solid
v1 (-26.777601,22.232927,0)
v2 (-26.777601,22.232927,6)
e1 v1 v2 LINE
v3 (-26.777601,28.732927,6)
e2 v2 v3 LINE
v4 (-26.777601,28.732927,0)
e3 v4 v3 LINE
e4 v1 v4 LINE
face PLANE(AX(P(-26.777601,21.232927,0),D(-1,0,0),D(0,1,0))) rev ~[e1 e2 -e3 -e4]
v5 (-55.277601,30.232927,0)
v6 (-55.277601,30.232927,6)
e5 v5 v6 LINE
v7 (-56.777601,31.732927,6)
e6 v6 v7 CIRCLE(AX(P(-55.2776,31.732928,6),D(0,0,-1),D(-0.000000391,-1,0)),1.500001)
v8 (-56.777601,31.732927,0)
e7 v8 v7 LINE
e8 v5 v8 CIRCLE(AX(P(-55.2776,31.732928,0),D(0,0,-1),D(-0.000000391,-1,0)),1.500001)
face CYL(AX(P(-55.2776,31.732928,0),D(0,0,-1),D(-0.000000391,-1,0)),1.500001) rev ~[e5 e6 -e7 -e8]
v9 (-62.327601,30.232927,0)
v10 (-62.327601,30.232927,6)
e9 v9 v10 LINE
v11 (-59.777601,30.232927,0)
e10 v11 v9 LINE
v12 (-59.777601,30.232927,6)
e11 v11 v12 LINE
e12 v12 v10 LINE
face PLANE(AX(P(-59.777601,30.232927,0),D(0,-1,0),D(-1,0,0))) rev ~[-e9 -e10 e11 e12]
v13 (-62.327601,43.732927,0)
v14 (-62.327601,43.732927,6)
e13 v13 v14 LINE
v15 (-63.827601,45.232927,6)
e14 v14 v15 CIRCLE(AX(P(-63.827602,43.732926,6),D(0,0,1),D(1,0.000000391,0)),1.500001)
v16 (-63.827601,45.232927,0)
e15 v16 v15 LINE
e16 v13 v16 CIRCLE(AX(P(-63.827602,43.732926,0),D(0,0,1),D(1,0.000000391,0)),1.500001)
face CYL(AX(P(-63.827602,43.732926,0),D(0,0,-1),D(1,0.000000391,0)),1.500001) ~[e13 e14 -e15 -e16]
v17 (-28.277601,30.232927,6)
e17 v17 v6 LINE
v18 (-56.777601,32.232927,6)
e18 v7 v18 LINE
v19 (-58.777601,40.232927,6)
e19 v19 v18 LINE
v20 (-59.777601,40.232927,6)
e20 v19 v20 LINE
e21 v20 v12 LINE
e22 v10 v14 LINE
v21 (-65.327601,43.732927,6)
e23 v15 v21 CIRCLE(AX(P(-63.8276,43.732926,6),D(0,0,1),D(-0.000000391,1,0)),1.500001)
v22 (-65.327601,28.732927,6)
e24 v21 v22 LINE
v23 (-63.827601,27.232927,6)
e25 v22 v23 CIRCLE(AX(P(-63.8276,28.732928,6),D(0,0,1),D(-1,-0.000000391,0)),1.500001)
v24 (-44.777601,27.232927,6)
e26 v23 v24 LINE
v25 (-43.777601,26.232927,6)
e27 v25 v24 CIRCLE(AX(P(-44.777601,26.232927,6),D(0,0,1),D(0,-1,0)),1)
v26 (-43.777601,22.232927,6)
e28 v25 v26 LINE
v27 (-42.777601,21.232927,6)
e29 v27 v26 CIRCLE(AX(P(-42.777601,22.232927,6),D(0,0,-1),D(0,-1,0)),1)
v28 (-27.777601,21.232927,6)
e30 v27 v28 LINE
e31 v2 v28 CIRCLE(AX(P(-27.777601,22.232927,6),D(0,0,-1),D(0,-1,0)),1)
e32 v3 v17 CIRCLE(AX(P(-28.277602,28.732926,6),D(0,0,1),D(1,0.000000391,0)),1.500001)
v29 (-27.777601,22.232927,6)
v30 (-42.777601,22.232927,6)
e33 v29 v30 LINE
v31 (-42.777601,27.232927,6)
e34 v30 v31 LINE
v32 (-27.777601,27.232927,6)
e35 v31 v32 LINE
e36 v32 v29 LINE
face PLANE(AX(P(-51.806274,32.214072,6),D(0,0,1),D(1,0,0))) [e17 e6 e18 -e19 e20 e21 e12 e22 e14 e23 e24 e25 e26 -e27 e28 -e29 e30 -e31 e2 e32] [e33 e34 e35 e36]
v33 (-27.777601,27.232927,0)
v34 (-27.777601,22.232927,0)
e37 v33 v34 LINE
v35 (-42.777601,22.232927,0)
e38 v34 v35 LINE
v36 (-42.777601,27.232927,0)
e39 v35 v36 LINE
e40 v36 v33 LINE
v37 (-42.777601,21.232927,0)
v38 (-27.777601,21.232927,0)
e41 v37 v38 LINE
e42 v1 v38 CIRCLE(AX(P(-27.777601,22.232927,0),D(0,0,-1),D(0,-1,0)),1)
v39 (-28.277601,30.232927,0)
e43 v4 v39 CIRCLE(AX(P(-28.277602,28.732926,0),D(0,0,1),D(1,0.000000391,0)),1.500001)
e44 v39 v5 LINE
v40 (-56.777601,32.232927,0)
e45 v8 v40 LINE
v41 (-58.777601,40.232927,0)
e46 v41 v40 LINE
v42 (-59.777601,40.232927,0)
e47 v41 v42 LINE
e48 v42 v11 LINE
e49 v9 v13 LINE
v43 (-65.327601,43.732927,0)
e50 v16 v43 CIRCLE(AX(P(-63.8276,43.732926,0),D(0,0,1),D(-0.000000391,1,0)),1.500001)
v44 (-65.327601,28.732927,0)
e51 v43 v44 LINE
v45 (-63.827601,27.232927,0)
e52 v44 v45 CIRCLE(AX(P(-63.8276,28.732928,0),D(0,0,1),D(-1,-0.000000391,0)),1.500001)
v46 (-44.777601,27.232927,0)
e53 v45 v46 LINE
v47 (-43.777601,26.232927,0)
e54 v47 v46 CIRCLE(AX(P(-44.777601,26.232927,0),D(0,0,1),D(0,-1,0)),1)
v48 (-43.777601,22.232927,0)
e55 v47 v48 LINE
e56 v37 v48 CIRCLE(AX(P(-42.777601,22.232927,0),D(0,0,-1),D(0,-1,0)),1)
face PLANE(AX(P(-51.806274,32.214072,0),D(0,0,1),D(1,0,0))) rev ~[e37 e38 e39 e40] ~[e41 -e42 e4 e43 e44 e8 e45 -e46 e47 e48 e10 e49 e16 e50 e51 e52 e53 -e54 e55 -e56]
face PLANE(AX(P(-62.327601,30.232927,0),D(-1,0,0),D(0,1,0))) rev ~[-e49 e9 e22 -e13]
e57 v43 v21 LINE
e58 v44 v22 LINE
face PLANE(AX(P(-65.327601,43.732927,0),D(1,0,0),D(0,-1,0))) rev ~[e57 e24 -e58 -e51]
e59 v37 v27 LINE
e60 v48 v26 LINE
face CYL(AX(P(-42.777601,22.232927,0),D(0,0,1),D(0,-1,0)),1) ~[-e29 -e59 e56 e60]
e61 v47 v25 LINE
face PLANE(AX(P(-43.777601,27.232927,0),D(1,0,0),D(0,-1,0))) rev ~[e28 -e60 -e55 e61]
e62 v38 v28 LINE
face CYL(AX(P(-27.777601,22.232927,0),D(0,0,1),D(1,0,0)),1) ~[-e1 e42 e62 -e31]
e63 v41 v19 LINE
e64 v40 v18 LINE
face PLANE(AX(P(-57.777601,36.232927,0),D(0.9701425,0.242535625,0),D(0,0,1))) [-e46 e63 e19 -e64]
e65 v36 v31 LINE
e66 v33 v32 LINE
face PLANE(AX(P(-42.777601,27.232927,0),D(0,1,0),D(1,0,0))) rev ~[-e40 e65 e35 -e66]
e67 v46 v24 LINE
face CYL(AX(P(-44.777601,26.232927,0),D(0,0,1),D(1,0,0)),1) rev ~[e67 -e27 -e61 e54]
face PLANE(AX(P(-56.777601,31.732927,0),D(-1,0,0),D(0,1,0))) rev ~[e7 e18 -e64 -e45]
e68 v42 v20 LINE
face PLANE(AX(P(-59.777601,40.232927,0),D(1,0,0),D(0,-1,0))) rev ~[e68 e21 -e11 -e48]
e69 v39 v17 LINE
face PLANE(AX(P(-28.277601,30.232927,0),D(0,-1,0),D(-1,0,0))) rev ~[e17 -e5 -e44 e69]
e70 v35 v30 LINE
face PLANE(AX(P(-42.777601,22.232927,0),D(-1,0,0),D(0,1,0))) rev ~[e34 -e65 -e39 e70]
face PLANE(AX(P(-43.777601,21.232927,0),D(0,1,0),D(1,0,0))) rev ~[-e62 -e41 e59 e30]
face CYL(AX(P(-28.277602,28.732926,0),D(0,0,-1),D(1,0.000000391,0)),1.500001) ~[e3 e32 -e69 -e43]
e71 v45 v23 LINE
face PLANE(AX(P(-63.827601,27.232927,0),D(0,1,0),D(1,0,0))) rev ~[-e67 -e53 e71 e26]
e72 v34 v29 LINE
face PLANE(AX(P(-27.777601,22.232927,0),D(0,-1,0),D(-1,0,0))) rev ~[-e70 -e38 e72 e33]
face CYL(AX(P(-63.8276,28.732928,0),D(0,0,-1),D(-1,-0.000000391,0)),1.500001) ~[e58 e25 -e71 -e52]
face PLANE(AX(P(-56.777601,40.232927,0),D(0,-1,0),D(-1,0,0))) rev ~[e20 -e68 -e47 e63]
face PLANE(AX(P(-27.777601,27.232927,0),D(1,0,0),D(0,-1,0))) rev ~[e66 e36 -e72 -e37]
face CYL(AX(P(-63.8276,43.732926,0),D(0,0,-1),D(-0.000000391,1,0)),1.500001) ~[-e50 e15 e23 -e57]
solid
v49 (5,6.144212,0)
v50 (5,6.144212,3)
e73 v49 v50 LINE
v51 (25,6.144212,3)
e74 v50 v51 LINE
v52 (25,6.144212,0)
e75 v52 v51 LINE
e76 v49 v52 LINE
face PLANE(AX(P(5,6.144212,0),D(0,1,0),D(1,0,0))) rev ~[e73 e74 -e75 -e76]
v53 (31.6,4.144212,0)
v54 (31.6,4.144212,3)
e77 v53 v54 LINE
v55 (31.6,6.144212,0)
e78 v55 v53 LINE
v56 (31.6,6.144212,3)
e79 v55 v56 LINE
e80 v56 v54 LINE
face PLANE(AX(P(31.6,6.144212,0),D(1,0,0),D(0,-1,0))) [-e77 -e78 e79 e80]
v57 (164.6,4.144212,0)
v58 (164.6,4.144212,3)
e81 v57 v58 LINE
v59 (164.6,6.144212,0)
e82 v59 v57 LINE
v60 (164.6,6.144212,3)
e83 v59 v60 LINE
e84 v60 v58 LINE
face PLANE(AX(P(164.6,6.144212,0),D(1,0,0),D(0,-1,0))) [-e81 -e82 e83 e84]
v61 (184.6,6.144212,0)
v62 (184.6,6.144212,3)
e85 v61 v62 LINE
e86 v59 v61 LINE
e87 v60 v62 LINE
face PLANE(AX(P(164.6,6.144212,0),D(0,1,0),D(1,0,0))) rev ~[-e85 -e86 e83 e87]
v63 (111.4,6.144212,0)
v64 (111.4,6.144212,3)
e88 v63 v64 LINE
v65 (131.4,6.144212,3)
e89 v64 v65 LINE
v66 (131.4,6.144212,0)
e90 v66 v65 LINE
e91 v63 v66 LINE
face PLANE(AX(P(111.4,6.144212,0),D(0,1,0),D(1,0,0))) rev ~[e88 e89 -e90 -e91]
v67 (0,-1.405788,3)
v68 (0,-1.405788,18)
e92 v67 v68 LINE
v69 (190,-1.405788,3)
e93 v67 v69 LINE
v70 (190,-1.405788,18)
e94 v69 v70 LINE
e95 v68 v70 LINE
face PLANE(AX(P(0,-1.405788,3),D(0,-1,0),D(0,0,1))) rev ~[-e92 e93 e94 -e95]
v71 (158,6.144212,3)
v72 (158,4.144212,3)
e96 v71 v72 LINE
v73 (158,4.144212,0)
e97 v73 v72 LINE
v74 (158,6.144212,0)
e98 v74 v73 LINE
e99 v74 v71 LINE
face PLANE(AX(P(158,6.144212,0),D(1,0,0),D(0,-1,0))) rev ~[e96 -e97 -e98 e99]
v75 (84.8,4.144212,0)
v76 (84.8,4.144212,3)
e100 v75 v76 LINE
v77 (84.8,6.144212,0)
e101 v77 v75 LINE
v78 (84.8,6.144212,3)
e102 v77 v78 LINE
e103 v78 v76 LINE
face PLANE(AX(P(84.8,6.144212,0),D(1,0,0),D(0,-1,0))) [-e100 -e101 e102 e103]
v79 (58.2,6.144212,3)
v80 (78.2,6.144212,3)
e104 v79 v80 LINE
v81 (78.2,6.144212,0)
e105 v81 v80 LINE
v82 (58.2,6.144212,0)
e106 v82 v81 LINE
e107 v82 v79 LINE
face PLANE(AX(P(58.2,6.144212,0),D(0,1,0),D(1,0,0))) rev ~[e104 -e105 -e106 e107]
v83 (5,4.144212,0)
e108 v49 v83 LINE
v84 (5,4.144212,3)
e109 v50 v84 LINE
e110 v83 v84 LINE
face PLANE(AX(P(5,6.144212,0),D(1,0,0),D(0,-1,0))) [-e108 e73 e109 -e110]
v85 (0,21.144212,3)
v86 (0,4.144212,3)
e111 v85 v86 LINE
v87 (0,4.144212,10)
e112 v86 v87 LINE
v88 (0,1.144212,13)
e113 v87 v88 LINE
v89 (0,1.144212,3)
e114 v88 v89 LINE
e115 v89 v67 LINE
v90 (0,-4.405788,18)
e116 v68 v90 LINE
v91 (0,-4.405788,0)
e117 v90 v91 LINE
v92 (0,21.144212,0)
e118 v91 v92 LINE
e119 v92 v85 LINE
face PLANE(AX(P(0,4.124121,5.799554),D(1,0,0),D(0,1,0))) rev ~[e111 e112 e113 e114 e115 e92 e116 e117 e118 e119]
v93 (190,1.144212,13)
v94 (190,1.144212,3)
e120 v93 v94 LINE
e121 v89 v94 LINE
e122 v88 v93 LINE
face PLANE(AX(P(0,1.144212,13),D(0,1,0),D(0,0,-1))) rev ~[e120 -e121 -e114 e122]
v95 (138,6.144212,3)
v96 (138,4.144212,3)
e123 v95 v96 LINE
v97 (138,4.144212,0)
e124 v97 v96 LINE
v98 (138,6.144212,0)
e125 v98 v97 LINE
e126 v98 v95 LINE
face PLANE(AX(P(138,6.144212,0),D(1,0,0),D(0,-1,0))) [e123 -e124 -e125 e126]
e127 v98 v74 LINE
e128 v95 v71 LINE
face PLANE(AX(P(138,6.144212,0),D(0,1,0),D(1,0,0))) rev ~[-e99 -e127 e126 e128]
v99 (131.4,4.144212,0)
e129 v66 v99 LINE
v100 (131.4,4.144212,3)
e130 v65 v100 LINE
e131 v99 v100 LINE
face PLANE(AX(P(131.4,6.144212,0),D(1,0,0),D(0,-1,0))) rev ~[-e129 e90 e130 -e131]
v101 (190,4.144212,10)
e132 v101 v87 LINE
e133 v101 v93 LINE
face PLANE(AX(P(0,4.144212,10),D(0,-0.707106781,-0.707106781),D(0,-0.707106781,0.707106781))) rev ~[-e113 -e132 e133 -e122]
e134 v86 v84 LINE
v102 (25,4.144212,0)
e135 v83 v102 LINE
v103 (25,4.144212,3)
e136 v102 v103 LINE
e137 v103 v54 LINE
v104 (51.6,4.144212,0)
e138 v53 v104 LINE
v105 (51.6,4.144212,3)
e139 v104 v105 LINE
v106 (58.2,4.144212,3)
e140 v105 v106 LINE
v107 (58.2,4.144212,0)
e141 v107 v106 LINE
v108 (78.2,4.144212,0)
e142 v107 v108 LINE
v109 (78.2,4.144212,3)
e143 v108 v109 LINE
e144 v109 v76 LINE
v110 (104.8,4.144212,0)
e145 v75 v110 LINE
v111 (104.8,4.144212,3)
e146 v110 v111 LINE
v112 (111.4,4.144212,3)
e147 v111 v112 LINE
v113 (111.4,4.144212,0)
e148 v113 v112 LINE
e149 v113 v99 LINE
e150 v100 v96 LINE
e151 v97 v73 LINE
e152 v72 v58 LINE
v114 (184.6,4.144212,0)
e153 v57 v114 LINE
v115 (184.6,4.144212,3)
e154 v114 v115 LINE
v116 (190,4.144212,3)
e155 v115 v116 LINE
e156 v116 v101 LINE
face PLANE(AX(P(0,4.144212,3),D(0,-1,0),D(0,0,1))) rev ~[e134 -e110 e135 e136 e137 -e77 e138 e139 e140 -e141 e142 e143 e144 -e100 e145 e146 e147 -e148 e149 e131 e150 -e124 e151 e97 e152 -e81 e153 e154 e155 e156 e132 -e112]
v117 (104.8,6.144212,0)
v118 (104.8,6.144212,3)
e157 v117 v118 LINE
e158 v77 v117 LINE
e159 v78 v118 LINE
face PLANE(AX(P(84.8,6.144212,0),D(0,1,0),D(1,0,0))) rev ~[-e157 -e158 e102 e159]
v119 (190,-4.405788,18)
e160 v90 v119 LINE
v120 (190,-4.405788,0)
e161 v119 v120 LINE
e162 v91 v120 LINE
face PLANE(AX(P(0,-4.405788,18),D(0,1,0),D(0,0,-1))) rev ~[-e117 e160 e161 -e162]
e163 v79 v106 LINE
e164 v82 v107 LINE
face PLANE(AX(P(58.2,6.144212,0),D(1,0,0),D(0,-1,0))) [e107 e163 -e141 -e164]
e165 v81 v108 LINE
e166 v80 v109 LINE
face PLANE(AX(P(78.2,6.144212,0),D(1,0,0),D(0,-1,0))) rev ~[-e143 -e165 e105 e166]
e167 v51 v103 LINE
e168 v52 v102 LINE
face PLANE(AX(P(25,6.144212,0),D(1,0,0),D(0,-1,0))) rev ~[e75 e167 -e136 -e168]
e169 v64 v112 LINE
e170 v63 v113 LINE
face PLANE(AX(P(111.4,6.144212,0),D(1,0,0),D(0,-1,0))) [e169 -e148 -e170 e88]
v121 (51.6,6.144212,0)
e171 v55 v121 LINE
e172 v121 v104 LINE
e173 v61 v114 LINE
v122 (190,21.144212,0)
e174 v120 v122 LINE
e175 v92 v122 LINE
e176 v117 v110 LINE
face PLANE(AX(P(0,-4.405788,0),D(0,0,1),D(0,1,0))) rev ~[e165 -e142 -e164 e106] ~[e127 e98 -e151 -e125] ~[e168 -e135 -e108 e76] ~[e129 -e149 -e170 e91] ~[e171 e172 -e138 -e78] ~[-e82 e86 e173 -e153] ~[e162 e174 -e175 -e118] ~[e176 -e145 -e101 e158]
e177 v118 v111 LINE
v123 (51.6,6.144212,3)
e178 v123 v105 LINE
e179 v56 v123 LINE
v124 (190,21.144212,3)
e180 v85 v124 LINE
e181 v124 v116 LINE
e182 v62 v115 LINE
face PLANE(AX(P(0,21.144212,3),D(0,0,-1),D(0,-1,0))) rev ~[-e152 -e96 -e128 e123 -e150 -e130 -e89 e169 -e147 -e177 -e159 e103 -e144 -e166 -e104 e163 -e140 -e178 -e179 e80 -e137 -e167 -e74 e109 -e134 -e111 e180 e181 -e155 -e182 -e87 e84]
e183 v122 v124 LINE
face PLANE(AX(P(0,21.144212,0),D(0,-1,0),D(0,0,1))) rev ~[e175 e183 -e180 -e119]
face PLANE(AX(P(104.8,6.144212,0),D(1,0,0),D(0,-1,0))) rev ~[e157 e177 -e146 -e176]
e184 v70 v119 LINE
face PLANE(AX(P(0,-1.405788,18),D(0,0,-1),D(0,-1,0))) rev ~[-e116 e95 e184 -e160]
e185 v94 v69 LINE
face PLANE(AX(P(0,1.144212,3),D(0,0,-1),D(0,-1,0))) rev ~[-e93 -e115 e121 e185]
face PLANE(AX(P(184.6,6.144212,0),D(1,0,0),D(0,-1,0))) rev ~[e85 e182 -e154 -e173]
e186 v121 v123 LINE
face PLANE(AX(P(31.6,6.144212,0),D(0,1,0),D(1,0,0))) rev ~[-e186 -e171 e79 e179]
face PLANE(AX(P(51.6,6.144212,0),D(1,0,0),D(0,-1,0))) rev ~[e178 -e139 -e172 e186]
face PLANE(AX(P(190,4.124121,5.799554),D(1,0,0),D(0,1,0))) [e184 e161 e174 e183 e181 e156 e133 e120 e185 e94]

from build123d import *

# Parameters (mm, degrees)
F1_DEPTH = 190
F2_W     = 20
F2_H     = 2
F3_DEPTH = 25
F5_DEPTH = 6
F6_SIZE2 = 8
F6_SIZE  = 2
F7_R     = 1


with BuildPart() as f1:
    # F0 (on Right) → F1 (new body)
    with BuildSketch(Plane.YZ):
        Polygon((4.144212, 10), (1.144212, 13), (1.144212, 3), (-1.405788, 3), (-1.405788, 18), (-4.405788, 18), (-4.405788, 0), (-2.420145, 0), (21.144212, 0), (21.144212, 3), (4.144212, 3), align=None)
    extrude(amount=F1_DEPTH)

    # F2 (on face) → F3 (cut)
    with BuildSketch(Plane(origin=(0, 0, 0), x_dir=(1, 0, 0), z_dir=(0, 0, -1))):
        with Locations((174.6, -5.144212)):
            Rectangle(F2_W, F2_H)
        with Locations((148, -5.144212)):
            Rectangle(F2_W, F2_H)
        with Locations((121.4, -5.144212)):
            Rectangle(F2_W, F2_H)
        with Locations((94.8, -5.144212)):
            Rectangle(F2_W, F2_H)
        with Locations((68.2, -5.144212)):
            Rectangle(F2_W, F2_H)
        with Locations((41.6, -5.144212)):
            Rectangle(F2_W, F2_H)
        with Locations((15, -5.144212)):
            Rectangle(F2_W, F2_H)
    extrude(amount=-F3_DEPTH, mode=Mode.SUBTRACT)


with BuildPart() as f5:
    # F4 (on Top) → F5 (new body)
    with BuildSketch(Plane.XY):
        with BuildLine():
            Line((-56.777601, 40.232927), (-59.777601, 40.232927))
            Line((-59.777601, 40.232927), (-59.777601, 30.232927))
            Line((-59.777601, 30.232927), (-62.327601, 30.232927))
            Line((-62.327601, 30.232927), (-62.327601, 43.732927))
            ThreePointArc((-62.327601, 43.732927), (-62.766941, 44.793587), (-63.827601, 45.232927))
            ThreePointArc((-63.827601, 45.232927), (-64.888261, 44.793587), (-65.327601, 43.732927))
            Line((-65.327601, 43.732927), (-65.327601, 28.732927))
            ThreePointArc((-65.327601, 28.732927), (-64.888261, 27.672267), (-63.827601, 27.232927))
            Line((-63.827601, 27.232927), (-50.341958, 27.232927))
            Line((-50.341958, 27.232927), (-43.777601, 27.232927))
            Line((-43.777601, 27.232927), (-42.777601, 27.232927))
            Line((-42.777601, 27.232927), (-27.777601, 27.232927))
            Line((-27.777601, 27.232927), (-26.777601, 27.232927))
            Line((-26.777601, 27.232927), (-26.777601, 28.732927))
            ThreePointArc((-26.777601, 28.732927), (-27.216941, 29.793587), (-28.277601, 30.232927))
            Line((-28.277601, 30.232927), (-55.277601, 30.232927))
            ThreePointArc((-55.277601, 30.232927), (-56.338261, 30.672267), (-56.777601, 31.732927))
            Line((-56.777601, 31.732927), (-56.777601, 40.232927))
        make_face()
        Polygon((-26.777601, 21.232927), (-26.777601, 27.232927), (-27.777601, 27.232927), (-27.777601, 22.232927), (-42.777601, 22.232927), (-42.777601, 27.232927), (-43.777601, 27.232927), (-43.777601, 21.232927), align=None)
    extrude(amount=F5_DEPTH)

    # F6
    f6_edges = [f5.edges().sort_by_distance(p)[0] for p in [
        (-56.777601, 40.232927, 3),
    ]]
    chamfer(f6_edges, length=F6_SIZE, length2=F6_SIZE2)

    # F7
    f7_edges = [f5.edges().sort_by_distance(p)[0] for p in [
        (-43.777601, 27.232927, 3),
        (-43.777601, 21.232927, 3),
        (-26.777601, 21.232927, 3),
    ]]
    fillet(f7_edges, radius=F7_R)


solid = Compound([f1.part, f5.part])
